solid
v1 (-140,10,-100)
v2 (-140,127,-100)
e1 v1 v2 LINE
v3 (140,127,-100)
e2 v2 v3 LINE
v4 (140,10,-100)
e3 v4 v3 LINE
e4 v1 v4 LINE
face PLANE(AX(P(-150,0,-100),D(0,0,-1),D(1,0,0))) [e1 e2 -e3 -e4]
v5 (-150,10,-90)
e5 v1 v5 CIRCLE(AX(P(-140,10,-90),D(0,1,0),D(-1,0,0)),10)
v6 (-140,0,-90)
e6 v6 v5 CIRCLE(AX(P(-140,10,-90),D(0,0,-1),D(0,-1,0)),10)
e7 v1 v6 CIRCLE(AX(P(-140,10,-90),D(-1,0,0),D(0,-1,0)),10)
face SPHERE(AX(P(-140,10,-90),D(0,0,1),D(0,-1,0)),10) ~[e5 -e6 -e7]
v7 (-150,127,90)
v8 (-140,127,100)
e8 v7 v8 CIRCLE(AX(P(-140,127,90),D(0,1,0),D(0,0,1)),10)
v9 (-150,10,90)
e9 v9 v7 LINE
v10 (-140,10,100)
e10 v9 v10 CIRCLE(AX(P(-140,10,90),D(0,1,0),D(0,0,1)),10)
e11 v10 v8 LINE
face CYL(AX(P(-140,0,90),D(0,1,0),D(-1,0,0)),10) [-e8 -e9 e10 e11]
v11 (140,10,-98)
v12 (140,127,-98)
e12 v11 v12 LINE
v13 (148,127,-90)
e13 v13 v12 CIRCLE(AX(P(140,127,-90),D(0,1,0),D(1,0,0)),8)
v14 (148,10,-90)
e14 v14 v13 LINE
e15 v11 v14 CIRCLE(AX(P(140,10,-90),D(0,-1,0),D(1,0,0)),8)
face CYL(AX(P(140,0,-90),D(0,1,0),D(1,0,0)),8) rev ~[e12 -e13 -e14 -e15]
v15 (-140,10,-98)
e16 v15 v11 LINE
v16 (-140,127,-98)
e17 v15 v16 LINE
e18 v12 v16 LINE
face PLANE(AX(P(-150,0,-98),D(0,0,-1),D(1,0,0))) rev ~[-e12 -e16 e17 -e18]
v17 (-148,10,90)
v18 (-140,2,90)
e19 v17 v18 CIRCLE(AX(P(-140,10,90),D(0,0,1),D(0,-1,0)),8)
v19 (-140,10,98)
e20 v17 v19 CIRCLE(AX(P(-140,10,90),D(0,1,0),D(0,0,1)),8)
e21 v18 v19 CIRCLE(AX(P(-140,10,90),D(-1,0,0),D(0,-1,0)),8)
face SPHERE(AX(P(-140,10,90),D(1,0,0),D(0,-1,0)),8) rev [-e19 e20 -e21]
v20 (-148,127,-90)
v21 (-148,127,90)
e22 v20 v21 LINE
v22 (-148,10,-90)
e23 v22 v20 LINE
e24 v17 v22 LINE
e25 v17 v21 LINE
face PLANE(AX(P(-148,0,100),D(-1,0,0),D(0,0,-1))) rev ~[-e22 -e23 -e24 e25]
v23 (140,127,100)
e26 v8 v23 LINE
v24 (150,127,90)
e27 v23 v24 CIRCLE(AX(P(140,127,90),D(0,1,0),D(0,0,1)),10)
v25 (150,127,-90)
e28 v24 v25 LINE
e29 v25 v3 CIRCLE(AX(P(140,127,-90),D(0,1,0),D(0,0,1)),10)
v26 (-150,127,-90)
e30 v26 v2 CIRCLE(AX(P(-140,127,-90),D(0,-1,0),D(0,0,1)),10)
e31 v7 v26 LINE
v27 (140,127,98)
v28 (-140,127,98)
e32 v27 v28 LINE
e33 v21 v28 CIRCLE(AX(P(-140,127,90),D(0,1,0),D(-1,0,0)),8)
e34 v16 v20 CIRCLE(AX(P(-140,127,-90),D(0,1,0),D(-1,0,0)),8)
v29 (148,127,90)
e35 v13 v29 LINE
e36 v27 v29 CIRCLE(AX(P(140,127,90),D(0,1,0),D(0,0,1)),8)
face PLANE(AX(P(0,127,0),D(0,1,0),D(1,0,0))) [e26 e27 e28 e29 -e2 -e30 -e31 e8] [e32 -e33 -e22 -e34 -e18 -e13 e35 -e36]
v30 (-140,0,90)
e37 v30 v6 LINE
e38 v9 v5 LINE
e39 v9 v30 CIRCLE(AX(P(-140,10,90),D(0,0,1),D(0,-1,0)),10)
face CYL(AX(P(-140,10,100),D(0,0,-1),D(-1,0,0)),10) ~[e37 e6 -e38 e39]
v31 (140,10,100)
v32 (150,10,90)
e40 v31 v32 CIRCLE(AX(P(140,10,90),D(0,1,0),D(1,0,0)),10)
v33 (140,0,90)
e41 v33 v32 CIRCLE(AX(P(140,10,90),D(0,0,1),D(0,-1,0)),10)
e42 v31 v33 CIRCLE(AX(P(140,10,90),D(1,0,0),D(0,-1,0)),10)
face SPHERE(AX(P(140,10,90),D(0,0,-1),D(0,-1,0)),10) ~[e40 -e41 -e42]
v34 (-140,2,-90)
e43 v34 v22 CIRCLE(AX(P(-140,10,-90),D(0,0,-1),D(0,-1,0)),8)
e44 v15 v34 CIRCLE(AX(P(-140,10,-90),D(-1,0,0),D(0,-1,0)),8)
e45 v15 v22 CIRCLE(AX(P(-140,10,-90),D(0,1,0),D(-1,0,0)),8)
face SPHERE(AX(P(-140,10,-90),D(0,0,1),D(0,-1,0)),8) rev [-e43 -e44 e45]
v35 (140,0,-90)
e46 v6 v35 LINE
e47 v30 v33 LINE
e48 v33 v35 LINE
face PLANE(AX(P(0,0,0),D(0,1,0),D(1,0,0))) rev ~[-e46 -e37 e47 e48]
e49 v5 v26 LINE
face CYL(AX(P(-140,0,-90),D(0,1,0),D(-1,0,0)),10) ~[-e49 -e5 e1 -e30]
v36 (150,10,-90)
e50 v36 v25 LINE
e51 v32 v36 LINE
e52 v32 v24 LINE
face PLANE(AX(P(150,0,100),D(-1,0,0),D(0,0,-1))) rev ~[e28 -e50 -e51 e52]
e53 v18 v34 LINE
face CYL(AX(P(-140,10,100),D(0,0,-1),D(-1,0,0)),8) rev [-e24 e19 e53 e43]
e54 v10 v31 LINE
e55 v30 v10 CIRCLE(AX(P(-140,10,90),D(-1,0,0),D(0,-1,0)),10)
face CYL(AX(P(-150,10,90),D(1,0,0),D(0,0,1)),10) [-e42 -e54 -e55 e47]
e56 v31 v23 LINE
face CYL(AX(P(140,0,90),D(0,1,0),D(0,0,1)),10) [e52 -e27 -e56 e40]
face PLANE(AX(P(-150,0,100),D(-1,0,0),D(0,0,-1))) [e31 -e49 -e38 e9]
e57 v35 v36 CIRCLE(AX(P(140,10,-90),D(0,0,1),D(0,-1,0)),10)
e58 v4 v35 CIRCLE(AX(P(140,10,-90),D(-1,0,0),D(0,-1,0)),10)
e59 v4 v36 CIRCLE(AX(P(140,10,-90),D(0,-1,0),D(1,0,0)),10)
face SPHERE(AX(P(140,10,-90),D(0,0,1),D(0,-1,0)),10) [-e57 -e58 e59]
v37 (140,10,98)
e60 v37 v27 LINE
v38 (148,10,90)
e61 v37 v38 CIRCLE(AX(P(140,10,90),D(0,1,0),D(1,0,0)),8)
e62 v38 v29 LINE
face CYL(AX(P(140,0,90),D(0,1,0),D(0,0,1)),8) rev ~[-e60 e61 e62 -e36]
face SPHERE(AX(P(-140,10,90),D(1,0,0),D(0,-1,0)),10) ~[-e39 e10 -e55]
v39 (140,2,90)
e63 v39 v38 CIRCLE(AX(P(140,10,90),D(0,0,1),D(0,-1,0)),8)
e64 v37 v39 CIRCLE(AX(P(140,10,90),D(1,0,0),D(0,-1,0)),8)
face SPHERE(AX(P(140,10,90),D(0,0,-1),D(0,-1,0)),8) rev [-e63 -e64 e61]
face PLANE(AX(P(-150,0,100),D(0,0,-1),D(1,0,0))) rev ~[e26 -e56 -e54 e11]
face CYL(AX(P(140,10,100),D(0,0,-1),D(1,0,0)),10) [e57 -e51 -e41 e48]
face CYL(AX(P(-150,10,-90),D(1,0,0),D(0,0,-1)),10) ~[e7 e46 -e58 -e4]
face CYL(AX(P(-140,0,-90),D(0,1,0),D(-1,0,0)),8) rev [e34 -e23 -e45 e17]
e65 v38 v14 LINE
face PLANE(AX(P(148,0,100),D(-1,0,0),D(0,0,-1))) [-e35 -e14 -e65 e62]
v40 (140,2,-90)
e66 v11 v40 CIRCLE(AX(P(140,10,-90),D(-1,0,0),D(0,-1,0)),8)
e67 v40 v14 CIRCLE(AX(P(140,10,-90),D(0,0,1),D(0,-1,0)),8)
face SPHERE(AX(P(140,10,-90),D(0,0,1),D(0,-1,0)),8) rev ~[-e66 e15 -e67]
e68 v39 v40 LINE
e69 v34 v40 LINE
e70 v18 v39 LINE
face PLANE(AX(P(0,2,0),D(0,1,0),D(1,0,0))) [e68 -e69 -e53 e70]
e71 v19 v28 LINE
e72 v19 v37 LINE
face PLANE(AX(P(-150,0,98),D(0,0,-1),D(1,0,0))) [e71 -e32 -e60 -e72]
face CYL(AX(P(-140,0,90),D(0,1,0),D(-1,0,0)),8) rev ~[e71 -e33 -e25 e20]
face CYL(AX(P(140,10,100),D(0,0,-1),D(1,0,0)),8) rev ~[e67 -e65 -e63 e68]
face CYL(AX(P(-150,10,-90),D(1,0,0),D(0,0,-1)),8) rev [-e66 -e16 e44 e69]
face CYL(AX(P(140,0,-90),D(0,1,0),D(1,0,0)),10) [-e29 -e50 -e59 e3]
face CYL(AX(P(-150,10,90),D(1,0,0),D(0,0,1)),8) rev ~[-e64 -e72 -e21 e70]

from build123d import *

# Parameters (mm, degrees)
SKETCH1_W           = 300
SKETCH1_H           = 200
BOSS_EXTRUDE1_DEPTH = 127
FILLET1_R           = 10
SHELL1_T            = -2


with BuildPart() as part:
    # Sketch1 → Boss-Extrude1 (new body)
    with BuildSketch(Plane(origin=(0, 0, 0), x_dir=(1, 0, 0), z_dir=(0, 1, 0))):
        Rectangle(SKETCH1_W, SKETCH1_H)
    extrude(amount=BOSS_EXTRUDE1_DEPTH)

    # Fillet1
    fillet1_edges = [part.edges().sort_by_distance(p)[0] for p in [
        (150, 0, 0),
        (0, 0, 100),
        (-150, 0, 0),
        (0, 0, -100),
        (150, 63.5, -100),
        (150, 63.5, 100),
        (-150, 63.5, 100),
        (-150, 63.5, -100),
    ]]
    fillet(fillet1_edges, radius=FILLET1_R)

    # Shell1
    shell1_openings = [part.faces().sort_by_distance(p)[0] for p in [
        (0, 127, 0),
    ]]
    offset(amount=SHELL1_T, openings=shell1_openings, kind=Kind.INTERSECTION)


solid = part.part
